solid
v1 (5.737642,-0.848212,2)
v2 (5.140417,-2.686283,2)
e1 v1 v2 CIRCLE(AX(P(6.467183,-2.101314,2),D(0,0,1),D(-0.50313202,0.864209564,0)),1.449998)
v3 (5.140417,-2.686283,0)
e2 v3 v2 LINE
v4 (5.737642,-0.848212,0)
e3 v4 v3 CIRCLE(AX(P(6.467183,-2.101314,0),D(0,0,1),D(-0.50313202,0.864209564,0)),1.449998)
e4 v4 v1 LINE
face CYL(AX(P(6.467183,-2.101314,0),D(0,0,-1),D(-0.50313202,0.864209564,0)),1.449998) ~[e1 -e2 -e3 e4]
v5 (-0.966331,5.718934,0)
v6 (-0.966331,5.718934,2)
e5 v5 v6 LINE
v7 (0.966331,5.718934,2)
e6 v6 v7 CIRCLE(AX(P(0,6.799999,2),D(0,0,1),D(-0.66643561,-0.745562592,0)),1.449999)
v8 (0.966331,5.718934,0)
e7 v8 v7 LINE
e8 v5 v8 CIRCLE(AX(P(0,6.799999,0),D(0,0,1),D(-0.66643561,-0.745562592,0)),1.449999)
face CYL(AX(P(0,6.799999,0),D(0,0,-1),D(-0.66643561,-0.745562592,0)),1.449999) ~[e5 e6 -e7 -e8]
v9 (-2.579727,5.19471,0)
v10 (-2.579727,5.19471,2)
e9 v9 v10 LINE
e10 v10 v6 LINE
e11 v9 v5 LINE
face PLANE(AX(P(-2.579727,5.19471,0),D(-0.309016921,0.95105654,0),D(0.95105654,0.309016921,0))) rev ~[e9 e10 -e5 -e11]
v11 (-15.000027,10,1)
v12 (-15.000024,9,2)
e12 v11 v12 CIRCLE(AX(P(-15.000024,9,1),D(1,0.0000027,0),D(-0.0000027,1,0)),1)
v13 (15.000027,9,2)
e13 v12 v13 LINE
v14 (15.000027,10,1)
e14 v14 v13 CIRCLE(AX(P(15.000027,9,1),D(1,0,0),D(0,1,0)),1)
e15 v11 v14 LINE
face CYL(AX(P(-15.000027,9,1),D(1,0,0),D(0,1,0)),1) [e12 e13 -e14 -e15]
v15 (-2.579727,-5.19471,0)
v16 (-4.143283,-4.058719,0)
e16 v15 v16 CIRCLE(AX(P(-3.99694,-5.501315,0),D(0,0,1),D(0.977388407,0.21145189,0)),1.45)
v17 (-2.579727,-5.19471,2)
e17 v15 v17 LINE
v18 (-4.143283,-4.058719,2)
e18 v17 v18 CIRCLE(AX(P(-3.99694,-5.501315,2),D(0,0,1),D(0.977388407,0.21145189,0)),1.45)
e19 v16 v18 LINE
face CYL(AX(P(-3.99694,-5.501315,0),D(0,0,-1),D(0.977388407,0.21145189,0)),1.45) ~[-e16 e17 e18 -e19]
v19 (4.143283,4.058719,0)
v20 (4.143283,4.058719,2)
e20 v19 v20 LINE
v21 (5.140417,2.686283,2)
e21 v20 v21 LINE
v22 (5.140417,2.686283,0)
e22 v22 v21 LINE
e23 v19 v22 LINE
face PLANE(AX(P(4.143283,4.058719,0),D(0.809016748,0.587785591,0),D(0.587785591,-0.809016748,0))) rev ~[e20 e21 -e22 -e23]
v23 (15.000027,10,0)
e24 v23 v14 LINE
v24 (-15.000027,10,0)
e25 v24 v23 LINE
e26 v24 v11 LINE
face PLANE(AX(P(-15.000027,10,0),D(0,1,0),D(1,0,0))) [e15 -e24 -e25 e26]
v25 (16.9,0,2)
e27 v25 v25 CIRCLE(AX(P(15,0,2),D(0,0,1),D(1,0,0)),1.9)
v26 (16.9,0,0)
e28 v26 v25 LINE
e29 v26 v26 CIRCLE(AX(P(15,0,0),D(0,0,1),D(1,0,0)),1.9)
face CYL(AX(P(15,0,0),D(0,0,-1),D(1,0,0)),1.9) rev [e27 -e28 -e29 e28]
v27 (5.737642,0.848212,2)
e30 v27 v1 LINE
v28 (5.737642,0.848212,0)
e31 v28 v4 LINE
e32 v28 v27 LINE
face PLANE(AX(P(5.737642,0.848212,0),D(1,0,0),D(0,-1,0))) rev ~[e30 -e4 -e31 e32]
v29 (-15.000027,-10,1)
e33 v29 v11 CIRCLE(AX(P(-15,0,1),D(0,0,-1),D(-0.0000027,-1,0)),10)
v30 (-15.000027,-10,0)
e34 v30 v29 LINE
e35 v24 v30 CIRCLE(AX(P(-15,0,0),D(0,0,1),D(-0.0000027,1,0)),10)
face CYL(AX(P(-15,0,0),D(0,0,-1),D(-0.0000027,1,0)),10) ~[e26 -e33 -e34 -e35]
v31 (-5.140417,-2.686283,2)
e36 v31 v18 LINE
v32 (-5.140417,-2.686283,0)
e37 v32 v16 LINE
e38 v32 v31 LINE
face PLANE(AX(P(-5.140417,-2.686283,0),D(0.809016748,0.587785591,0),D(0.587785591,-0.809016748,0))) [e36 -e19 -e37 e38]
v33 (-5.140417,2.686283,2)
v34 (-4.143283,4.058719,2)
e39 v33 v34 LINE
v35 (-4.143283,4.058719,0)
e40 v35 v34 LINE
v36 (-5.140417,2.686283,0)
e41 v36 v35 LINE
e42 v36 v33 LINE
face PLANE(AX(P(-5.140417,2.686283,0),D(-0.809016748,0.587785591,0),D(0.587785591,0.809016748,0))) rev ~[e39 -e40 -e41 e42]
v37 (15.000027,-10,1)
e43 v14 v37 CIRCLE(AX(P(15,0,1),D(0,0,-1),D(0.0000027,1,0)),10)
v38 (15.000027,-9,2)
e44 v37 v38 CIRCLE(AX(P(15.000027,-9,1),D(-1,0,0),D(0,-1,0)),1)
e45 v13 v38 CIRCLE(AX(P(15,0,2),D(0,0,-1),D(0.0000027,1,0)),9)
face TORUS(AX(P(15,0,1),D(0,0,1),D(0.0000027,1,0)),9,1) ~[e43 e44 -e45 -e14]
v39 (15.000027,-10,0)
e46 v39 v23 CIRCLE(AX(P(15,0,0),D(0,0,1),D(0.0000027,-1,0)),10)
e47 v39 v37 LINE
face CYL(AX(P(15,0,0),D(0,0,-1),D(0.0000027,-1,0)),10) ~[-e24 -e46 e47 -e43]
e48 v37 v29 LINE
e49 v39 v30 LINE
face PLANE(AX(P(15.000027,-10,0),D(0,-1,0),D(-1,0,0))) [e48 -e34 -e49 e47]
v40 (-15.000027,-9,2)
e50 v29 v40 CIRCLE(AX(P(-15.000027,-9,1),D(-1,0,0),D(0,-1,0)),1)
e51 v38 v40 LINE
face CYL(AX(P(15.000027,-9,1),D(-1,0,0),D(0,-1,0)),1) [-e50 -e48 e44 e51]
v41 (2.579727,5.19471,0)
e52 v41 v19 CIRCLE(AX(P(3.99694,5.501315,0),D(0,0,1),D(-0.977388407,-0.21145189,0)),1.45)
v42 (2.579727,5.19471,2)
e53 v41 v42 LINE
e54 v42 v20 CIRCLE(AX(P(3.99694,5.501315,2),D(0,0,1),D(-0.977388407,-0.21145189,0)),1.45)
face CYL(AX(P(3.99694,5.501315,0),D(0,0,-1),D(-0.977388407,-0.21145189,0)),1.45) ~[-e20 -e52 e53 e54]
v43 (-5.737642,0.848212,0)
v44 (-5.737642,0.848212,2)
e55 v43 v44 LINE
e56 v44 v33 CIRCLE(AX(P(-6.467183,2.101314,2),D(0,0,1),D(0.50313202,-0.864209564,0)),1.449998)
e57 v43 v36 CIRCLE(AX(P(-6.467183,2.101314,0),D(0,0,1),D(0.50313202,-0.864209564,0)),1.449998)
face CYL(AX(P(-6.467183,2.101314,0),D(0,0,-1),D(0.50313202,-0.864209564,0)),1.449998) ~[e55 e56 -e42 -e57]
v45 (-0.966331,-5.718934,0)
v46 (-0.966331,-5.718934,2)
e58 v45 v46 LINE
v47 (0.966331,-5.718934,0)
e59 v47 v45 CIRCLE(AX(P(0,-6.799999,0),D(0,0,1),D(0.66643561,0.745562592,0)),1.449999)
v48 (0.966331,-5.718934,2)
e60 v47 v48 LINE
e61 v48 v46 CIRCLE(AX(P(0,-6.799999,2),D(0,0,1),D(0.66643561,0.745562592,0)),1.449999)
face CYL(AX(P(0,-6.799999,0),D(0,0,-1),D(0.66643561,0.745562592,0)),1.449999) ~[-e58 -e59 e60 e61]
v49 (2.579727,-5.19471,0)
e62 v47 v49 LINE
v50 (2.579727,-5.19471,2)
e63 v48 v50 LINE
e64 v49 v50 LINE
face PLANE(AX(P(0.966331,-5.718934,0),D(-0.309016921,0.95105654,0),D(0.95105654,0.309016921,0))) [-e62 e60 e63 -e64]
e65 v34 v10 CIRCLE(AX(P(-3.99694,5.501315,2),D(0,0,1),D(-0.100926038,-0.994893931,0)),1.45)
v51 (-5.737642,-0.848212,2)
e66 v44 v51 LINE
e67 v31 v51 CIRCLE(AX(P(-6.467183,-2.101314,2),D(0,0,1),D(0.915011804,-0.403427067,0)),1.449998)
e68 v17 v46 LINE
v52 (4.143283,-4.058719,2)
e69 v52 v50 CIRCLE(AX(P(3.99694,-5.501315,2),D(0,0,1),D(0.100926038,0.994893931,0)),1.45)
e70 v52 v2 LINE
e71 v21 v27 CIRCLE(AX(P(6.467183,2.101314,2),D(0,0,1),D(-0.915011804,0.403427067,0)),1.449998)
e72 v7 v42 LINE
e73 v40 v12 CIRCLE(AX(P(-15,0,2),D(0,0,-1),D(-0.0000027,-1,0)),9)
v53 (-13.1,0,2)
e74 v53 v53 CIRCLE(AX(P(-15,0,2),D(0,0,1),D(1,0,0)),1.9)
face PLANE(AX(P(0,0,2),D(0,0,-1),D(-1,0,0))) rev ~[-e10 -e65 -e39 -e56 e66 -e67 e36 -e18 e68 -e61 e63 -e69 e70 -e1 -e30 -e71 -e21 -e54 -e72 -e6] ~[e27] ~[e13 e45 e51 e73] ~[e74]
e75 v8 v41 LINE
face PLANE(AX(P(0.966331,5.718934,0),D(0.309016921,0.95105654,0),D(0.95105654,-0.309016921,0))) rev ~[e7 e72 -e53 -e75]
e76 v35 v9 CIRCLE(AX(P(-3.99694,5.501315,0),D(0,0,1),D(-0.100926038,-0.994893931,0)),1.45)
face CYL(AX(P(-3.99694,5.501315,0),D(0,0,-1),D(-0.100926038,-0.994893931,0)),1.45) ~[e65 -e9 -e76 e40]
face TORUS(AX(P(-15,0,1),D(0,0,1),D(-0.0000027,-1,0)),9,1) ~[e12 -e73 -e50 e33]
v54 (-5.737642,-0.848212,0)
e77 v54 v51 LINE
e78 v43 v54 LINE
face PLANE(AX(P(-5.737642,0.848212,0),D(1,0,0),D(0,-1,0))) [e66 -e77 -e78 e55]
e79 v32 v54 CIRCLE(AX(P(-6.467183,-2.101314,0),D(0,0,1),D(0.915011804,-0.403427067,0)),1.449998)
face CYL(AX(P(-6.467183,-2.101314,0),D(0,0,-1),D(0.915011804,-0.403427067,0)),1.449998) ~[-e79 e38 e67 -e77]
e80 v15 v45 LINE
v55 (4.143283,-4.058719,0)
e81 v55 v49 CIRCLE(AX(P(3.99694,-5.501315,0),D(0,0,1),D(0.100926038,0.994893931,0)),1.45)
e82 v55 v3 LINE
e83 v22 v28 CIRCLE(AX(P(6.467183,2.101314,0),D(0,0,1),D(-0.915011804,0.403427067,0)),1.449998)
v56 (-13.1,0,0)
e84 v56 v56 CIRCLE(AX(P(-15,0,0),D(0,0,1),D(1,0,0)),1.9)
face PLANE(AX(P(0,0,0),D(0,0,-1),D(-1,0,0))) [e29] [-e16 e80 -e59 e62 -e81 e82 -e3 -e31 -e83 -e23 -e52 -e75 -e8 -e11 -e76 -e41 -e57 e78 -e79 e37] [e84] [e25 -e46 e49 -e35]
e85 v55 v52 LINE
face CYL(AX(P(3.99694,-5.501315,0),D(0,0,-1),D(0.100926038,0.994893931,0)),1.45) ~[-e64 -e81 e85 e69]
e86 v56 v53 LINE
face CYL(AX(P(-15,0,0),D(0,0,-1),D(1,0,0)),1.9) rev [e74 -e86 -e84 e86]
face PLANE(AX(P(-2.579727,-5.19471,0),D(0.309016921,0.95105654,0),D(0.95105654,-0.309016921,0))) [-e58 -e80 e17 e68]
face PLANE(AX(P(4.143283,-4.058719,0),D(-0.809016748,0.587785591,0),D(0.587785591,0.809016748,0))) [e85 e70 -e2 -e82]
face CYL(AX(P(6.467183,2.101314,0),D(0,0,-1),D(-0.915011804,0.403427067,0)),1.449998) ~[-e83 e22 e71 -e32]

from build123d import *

# Parameters (mm, degrees)
SKETCH_R  = 1.9
PAD_DEPTH = 2
FILLET_R  = 1


with BuildPart() as part:
    # Sketch → Pad (new body)
    with BuildSketch(Plane.XY):
        with BuildLine():
            Line((-15.000027, 10), (15.000027, 10))
            ThreePointArc((15.000027, -10), (25, 0), (15.000027, 10))
            Line((15.000027, -10), (-15.000027, -10))
            ThreePointArc((-15.000027, 10), (-25, 0), (-15.000027, -10))
        make_face()
        with Locations((-15, 0)):
            Circle(SKETCH_R, mode=Mode.SUBTRACT)
        with Locations((15, 0)):
            Circle(SKETCH_R, mode=Mode.SUBTRACT)
        with BuildLine():
            ThreePointArc((-0.966331, 5.718934), (0, 5.35), (0.966331, 5.718934))
            Line((0.966331, 5.718934), (2.579727, 5.19471))
            ThreePointArc((2.579727, 5.19471), (3.144651, 4.328241), (4.143283, 4.058719))
            Line((4.143283, 4.058719), (5.140417, 2.686283))
            ThreePointArc((5.140417, 2.686283), (5.088152, 1.653241), (5.737642, 0.848212))
            Line((5.737642, 0.848212), (5.737642, -0.848212))
            ThreePointArc((5.737642, -0.848212), (5.088152, -1.653241), (5.140417, -2.686283))
            Line((4.143283, -4.058719), (5.140417, -2.686283))
            ThreePointArc((4.143283, -4.058719), (3.144651, -4.328241), (2.579727, -5.19471))
            Line((0.966331, -5.718934), (2.579727, -5.19471))
            ThreePointArc((0.966331, -5.718934), (0, -5.35), (-0.966331, -5.718934))
            Line((-2.579727, -5.19471), (-0.966331, -5.718934))
            ThreePointArc((-2.579727, -5.19471), (-3.144651, -4.328241), (-4.143283, -4.058719))
            Line((-5.140417, -2.686283), (-4.143283, -4.058719))
            ThreePointArc((-5.140417, -2.686283), (-5.088152, -1.653241), (-5.737642, -0.848212))
            Line((-5.737642, 0.848212), (-5.737642, -0.848212))
            ThreePointArc((-5.737642, 0.848212), (-5.088152, 1.653241), (-5.140417, 2.686283))
            Line((-5.140417, 2.686283), (-4.143283, 4.058719))
            ThreePointArc((-4.143283, 4.058719), (-3.144651, 4.328241), (-2.579727, 5.19471))
            Line((-2.579727, 5.19471), (-0.966331, 5.718934))
        make_face(mode=Mode.SUBTRACT)
    extrude(amount=PAD_DEPTH)

    # Fillet
    fillet_edges = [part.edges().sort_by_distance(p)[0] for p in [
        (0, -10, 2),
        (-25, 0, 2),
        (0, 10, 2),
        (25, 0, 2),
    ]]
    fillet(fillet_edges, radius=FILLET_R)


solid = part.part
